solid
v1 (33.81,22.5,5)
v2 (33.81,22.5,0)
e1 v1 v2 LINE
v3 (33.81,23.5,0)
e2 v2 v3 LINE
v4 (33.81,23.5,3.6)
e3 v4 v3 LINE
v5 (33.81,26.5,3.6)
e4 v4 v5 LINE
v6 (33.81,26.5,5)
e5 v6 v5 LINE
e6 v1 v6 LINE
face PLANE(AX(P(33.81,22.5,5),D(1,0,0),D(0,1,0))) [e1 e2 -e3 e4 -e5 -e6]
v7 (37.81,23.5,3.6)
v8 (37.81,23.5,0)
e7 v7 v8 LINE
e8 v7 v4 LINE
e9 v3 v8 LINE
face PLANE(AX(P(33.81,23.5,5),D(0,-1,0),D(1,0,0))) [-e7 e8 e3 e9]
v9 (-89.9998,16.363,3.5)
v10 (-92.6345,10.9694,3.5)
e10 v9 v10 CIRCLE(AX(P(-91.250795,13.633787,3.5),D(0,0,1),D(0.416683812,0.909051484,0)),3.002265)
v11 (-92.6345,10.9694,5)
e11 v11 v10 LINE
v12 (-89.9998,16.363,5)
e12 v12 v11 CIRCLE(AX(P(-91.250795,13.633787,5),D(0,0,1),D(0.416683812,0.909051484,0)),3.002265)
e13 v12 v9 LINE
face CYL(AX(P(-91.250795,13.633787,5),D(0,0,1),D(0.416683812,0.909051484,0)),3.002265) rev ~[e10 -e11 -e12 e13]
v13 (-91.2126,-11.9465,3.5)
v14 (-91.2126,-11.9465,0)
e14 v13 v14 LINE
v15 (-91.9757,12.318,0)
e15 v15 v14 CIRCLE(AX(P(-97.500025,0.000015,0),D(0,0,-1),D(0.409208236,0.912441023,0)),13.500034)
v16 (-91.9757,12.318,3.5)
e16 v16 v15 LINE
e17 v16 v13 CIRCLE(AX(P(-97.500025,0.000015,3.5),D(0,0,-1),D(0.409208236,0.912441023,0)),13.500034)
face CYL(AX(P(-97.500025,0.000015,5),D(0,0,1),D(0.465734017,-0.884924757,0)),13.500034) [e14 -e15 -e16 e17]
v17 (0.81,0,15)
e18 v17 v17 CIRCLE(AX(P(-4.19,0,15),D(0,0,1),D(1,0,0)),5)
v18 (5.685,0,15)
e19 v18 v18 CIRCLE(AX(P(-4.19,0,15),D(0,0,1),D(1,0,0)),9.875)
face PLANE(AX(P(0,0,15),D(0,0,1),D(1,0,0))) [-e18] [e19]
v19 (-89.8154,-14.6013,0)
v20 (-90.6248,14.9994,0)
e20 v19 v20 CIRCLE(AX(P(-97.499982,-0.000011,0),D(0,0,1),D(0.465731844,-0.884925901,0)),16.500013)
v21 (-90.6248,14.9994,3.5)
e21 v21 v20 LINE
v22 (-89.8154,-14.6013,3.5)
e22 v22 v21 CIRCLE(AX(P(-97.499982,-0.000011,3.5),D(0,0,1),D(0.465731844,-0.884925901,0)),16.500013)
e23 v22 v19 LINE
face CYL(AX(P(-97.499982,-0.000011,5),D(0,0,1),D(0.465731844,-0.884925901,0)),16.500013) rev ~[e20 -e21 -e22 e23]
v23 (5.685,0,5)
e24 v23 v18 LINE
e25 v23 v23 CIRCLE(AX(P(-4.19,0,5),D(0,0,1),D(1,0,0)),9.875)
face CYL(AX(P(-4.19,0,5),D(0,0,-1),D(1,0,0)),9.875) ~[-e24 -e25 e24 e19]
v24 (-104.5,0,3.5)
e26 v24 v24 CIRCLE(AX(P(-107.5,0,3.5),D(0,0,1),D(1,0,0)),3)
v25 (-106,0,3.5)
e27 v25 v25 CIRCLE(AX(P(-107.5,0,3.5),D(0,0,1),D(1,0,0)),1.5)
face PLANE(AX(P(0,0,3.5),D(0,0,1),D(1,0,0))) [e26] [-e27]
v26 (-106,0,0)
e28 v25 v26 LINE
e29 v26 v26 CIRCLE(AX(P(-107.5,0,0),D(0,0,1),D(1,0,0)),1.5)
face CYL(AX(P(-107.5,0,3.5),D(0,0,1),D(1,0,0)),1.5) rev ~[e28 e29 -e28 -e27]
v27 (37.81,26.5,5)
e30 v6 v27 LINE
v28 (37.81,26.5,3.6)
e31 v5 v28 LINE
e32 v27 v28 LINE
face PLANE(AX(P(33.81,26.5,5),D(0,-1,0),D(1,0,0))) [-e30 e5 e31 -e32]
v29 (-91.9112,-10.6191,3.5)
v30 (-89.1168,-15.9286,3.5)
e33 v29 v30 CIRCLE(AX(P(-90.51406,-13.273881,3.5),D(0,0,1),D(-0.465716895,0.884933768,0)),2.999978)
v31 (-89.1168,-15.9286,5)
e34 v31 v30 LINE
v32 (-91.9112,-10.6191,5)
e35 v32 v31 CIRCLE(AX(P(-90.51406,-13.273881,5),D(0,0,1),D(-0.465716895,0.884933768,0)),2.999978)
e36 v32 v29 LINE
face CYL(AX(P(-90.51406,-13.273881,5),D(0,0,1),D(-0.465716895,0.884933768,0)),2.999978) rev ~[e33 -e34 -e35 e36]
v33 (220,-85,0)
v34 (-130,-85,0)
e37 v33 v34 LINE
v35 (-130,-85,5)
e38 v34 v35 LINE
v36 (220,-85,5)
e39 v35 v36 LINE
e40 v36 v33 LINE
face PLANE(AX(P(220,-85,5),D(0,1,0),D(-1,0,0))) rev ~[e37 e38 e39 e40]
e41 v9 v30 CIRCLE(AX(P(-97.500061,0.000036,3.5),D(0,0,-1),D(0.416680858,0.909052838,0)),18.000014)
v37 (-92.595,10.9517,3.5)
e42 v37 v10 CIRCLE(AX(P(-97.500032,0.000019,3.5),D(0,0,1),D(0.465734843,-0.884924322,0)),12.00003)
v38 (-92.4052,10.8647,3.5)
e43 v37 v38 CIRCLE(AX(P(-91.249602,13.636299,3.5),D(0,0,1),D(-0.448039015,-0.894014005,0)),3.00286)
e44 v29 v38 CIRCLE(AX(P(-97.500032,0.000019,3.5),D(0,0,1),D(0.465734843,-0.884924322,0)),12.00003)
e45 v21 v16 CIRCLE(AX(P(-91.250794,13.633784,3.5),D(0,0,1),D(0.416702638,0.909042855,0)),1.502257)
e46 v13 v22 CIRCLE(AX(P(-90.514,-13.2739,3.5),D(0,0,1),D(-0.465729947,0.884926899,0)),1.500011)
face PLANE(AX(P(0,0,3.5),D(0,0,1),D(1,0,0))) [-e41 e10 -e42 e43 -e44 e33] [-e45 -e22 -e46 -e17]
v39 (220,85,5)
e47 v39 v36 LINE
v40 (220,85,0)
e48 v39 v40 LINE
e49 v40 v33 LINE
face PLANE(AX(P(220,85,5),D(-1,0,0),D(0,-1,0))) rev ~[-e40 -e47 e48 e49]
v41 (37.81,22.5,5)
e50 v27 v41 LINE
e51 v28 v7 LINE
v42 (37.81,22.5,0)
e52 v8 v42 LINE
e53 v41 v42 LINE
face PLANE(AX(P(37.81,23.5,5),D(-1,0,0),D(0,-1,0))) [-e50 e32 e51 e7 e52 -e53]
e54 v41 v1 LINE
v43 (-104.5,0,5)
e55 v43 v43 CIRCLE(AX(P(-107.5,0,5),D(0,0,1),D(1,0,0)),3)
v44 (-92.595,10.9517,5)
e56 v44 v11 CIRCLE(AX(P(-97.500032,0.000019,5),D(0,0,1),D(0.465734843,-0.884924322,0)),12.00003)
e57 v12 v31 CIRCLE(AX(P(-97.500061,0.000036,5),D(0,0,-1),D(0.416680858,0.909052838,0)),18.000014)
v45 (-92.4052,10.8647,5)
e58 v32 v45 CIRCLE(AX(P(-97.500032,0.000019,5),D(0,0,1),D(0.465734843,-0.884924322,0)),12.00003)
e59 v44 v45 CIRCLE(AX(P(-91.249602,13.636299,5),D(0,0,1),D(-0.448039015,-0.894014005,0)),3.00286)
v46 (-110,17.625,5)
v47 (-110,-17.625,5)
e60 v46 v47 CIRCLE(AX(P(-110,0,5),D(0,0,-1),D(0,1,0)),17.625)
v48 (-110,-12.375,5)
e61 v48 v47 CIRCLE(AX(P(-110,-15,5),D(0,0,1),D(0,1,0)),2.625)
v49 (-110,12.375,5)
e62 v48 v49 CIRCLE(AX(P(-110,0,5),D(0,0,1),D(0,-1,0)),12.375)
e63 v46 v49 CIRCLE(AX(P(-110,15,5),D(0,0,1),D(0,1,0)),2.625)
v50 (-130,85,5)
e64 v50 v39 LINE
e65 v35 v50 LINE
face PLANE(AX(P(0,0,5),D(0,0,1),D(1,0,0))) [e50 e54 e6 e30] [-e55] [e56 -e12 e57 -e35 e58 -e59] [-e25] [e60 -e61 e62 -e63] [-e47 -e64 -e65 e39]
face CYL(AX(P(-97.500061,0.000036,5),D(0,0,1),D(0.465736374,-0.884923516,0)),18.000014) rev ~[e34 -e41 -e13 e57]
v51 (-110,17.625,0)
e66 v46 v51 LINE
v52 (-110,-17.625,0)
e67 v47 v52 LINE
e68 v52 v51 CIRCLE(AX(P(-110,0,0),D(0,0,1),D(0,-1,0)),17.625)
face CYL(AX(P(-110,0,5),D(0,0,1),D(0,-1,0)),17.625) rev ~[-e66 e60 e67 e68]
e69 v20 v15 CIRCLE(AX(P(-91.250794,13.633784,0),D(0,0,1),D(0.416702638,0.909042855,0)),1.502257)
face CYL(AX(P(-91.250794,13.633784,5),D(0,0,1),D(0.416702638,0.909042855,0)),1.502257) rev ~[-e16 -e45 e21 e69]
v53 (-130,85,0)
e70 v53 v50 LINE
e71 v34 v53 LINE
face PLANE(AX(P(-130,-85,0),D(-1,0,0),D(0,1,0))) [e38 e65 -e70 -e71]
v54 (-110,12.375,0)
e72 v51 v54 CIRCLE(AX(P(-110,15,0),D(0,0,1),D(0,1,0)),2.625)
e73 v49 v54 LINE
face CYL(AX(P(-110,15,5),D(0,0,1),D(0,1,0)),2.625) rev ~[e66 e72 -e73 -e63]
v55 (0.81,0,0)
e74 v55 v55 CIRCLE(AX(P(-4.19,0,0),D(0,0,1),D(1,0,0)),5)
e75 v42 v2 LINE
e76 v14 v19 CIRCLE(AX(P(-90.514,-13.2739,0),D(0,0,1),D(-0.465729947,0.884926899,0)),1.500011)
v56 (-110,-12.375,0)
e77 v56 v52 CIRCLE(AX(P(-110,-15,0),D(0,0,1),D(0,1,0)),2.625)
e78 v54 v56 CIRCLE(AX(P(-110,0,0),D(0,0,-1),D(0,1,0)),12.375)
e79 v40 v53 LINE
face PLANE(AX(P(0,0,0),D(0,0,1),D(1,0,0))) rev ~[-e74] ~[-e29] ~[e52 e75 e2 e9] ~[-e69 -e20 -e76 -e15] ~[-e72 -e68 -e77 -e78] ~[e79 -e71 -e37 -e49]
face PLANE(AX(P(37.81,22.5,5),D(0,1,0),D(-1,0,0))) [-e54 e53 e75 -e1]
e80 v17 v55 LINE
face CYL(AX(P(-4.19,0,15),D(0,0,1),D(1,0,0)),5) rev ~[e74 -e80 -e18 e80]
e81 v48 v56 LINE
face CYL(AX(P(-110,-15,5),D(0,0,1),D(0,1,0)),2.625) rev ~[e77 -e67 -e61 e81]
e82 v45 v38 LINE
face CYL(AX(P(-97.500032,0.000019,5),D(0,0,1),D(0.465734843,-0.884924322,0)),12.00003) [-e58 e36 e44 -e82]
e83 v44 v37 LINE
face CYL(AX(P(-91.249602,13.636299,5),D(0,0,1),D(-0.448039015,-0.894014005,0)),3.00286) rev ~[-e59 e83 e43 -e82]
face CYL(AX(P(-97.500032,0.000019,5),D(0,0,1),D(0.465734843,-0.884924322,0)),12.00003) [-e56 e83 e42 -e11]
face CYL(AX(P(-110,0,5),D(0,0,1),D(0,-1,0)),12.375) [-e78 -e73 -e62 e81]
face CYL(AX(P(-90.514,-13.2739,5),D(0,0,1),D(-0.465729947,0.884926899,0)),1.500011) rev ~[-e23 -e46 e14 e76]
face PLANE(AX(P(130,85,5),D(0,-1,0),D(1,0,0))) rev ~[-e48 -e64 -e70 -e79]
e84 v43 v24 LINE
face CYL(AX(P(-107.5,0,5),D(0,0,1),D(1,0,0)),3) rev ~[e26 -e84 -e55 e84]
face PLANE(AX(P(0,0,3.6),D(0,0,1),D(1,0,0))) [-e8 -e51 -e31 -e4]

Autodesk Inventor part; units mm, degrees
ref_plane "YZ Plane" through (0, 0, 0) normal (1, 0, 0) x (0, 1, 0)
ref_plane "XZ Plane" through (0, 0, 0) normal (0, 1, 0) x (-1, 0, 0)
sketch "Boceto2" plane through (0, 0, 0) normal (0, 0, 1) x (1, 0, 0)
  line L0 (130, -85) -> (-130, -85)
  line L1 (-130, -85) -> (-130, 85)
  line L2 (-130, 85) -> (130, 85)
  line L3 (130, 85) -> (130, -85)
  line L4 (130, -85) -> (-130, 85) construction
  line L5 (-130, -85) -> (130, 85) construction
  point P0 (0, 0)
  dimension "d0" = 260
  dimension "d1" = 170
extrude "Extrusión1" add sketch "Boceto2" along normal blind 5
sketch "Boceto3" plane through (0, 0, 5) normal (0, 0, 1) x (1, 0, 0)
  line L0 (-95, 0) -> (-4.19, 0) construction
  circle A0 centre (-95, 0) radius 2.625
  circle A1 centre (-4.19, 0) radius 9.875
  line L1 (-130, 85) -> (-130, -85) projected
  line L2 (130, -85) -> (130, 85) projected
  line L3 (-130, -85) -> (130, -85) projected
  line L4 (130, 0) -> (80, 0) construction
  line L5 (80, 0) -> (80, -23.2237) construction
  arc A2 (-110, -17.625) -> (-110, 17.625) centre (-110, 0) ccw
  arc A3 (-110, -12.375) -> (-110, 12.375) centre (-110, 0) ccw
  arc A4 (-110, 17.625) -> (-110, 12.375) centre (-110, 15) ccw
  arc A5 (-110, -12.375) -> (-110, -17.625) centre (-110, -15) ccw
  point P0 (0, 0)
  point P1 (-130, 0)
  point P2 (-92.375, 0)
  point P3 (-97.625, 0)
  dimension "d7" = 5.25
  dimension "d8" = 19.75
  dimension "d14" = 85
  dimension "d29" = 50
  dimension "d31" = 35
  dimension "d32" = 134.19
sketch "Boceto5" plane through (0, 0, 0) normal (0, 0, -1) x (-1, 0, 0)
  line L0 (-130, -85) -> (-130, 85) projected
  line L1 (130, -85) -> (-130, -85)
  line L2 (-130, -85) -> (-130, 85)
  line L3 (-130, 85) -> (130, 85)
  line L4 (130, 85) -> (130, -85)
  line L5 (130, -85) -> (-130, 85) construction
  line L6 (-130, -85) -> (130, 85) construction
  line L7 (119.5, 74.5) -> (-119.5, 74.5)
  line L8 (-119.5, 74.5) -> (-119.5, -74.5)
  line L9 (-119.5, -74.5) -> (119.5, -74.5)
  line L10 (119.5, -74.5) -> (119.5, 74.5)
  circle A0 centre (95, 0) radius 2.625 projected
  circle A1 centre (95, 0) radius 2.625
  point P0 (0, 0)
  dimension "d23" = 10.5
  dimension "d25" = 5.25
extrude "Extrusión4" [suppressed]
sketch "Boceto6" plane through (0, 0, 5) normal (0, 0, 1) x (1, 0, 0)
  circle A0 centre (-4.19, 0) radius 10.125 projected
  line L0 (-4.19, 0) -> (35.81, 0)
  line L1 (35.81, 0) -> (35.81, 25)
  line L2 (37.81, 23.5) -> (33.81, 23.5)
  line L3 (33.81, 23.5) -> (33.81, 26.5)
  line L4 (33.81, 26.5) -> (37.81, 26.5)
  line L5 (37.81, 26.5) -> (37.81, 23.5)
  line L6 (37.81, 23.5) -> (33.81, 26.5) construction
  line L7 (33.81, 23.5) -> (37.81, 26.5) construction
  point P0 (0, 0)
  dimension "d35" = 40
  dimension "d36" = 25
  dimension "d38" = 4
  dimension "d39" = 3
extrude "Extrusión5" cut sketch "Boceto6" against normal blind 1.4 contours L2 L3 L4 L5
sketch "Boceto8" plane through (0, 0, 5) normal (0, 0, 1) x (1, 0, 0)
  line L0 (33.81, 23.5) -> (33.81, 26.5) projected
  line L1 (33.81, 23.5) -> (37.81, 23.5)
  line L2 (37.81, 23.5) -> (37.81, 22.5)
  line L3 (37.81, 22.5) -> (33.81, 22.5)
  line L4 (33.81, 22.5) -> (33.81, 23.5)
  point P0 (0, 0)
  dimension "d42" = 4
  dimension "d43" = 1
extrude "Extrusión6" cut sketch "Boceto8" against normal through all
sketch "Boceto10" plane through (0, 0, -4) normal (0, 0, -1) x (-1, 0, 0)
  circle A0 centre (95, 0) radius 2.625 projected
  circle A1 centre (95, 0) radius 7.5
  point P0 (0, 0)
  dimension "d51" = 15
ref_plane "Plano de trabajo1" through (-95, 0, 0) normal (0, 0, -1) x (-1, 0, 0)
sketch "Boceto12" plane through (0, 0, 5) normal (0, 0, 1) x (1, 0, 0)
  circle A0 centre (-95, 0) radius 2.625 construction
  circle A1 centre (-95, 0) radius 18.5 construction
  circle A2 centre (-95, 0) radius 20 construction
  circle A3 centre (-95, 0) radius 7.5 construction
  line L0 (-95, 0) -> (-82.5, 0) construction
  circle A4 centre (-82.5, 0) radius 3
  line L1 (-95, 0) -> (-107.5, 0) construction
  circle A5 centre (-107.5, 0) radius 3
  circle A6 centre (-107.5, 0) radius 1.5 construction
  circle A7 centre (-82.5, 0) radius 1.5 construction
  line L2 (-82.5, 0) -> (-97.5, 0) construction
  line L3 (-97.5, 0) -> (-97.5, 18.5) construction
  arc A8 (-89.1168, -15.9286) -> (-89.9998, 16.363) centre (-97.5, 0) ccw
  arc A9 (-91.9112, -10.6191) -> (-92.6345, 10.9694) centre (-97.5, 0) ccw
  arc A10 (-91.9112, -10.6191) -> (-89.1168, -15.9286) centre (-90.514, -13.2739) ccw
  arc A11 (-89.9998, 16.363) -> (-92.6345, 10.9694) centre (-91.2508, 13.6338) ccw
  arc A12 (-91.9112, -10.6191) -> (-89.1168, -15.9286) centre (-90.514, -13.2739) ccw
  arc A13 (-92.595, 10.9517) -> (-92.4052, 10.8647) centre (-91.2508, 13.6338) ccw
  arc A14 (-91.9112, -10.6191) -> (-89.1168, -15.9286) centre (-90.514, -13.2739) ccw
  arc A15 (-89.8154, -14.6013) -> (-90.6248, 14.9994) centre (-97.5, 0) ccw
  arc A16 (-90.6248, 14.9994) -> (-91.9757, 12.318) centre (-91.2508, 13.6338) ccw
  arc A17 (-91.2126, -11.9465) -> (-91.9757, 12.318) centre (-97.5, 0) ccw
  arc A18 (-91.2126, -11.9465) -> (-89.8154, -14.6013) centre (-90.514, -13.2739) ccw
  circle A19 centre (-82.5, 0) radius 1.5
  line L4 (-130, 85) -> (-130, -85) projected
  line L5 (-130, -85) -> (130, -85) projected
  point P0 (0, 0)
  point P1 (-89.8154, -14.6013)
  point P2 (-91.2126, -11.9465)
  point P3 (-84.225, -2.4545)
  point P4 (-85.5, 0)
  point P5 (-79.5, 0)
  point P6 (-81.225, -2.7156)
  point P7 (-84.225, 2.4545)
  point P8 (-81.225, 2.7156)
  point P9 (-84, 0)
  point P10 (-81, 0)
  dimension "d57" = 37
  dimension "d58" = 40
  dimension "d59" = 15
  dimension "d60" = 12.5
  dimension "d61" = 6
  dimension "d62" = 12.5
  dimension "d63" = 6
  dimension "d64" = 3
  dimension "d65" = 3
  dimension "d126" = 15
  dimension "d127" = 6
  dimension "d128" = 6
  dimension "d129" = 1.5
  dimension "d130" = 1.5
  dimension "d135" = 3
  dimension "d137" = 38.7492
  dimension "d138" = 98.6338
extrude "Extrusión10" cut sketch "Boceto12" against normal blind 1.5 contours A4 A15 | A15 A19 A17 A4 | A4 A17 A19 A15 | A17 A4 | A19 | A5
sketch "Boceto13" plane through (-82.5, 0, 3.5) normal (0, 0, 1) x (1, 0, 0)
  circle A0 centre (0, 0) radius 1.5
  circle A1 centre (-25, 0) radius 3 projected
  circle A2 centre (-25, 0) radius 1.5
  point P0 (82.5, 0)
  dimension "d68" = 3
  dimension "d69" = 3
extrude "Extrusión11" cut sketch "Boceto13" against normal through all contours A0 | A2
extrude "Extrusión12" [suppressed]
extrude "Extrusión13" add sketch "Boceto3" along normal blind 10 contours A1
sketch "Boceto15" plane through (-4.19, 0, 15) normal (0, 0, 1) x (1, 0, 0)
  circle A0 centre (0, 0) radius 5
  circle A1 centre (0, 0) radius 74 construction
  circle A2 centre (-90.81, 0) radius 2.625 construction
  circle A3 centre (-90.81, 0) radius 20 construction
  point P0 (4.19, 0)
  dimension "d77" = 10
  dimension "d80" = 148
  dimension "d82" = 40
extrude "Extrusión14" cut sketch "Boceto15" against normal through all
sketch "Boceto16" plane through (0, 0, -4) normal (0, 0, -1) x (-1, 0, 0)
  line L0 (119.5, 74.5) -> (-119.5, 74.5) projected
  line L1 (-119.5, 74.5) -> (119.5, 74.5)
  line L2 (119.5, 74.5) -> (119.5, -74.5)
  line L3 (119.5, -74.5) -> (-119.5, -74.5)
  line L4 (-119.5, -74.5) -> (-119.5, 74.5)
  line L5 (-114.5, 69.5) -> (114.5, 69.5)
  line L6 (114.5, 69.5) -> (114.5, -69.5)
  line L7 (114.5, -69.5) -> (-114.5, -69.5)
  line L8 (-114.5, -69.5) -> (-114.5, 69.5)
  point P0 (0, 0)
  dimension "d83" = 5
extrude "Extrusión15" [suppressed]
sketch "Boceto17" plane through (0, 0, 5) normal (0, 0, 1) x (1, 0, 0)
  circle A0 centre (-95, 0) radius 2.625 construction
  circle A1 centre (-4.19, 0) radius 5 construction
  circle A2 centre (-4.19, 0) radius 40
  circle A3 centre (-4.19, 0) radius 15
  point P0 (0, 0)
  dimension "d87" = 80
  dimension "d88" = 30
sketch "Boceto20" plane through (0, 0, 5) normal (0, 0, 1) x (1, 0, 0)
  line L0 (130, 85) -> (-130, 85) projected
  line L1 (130, -85) -> (130, 85)
  line L2 (130, 85) -> (220, 85)
  line L3 (220, 85) -> (220, -85)
  line L4 (220, -85) -> (130, -85)
  line L5 (130, -85) -> (130, 85)
  point P0 (0, 0)
  dimension "d115" = 90
extrude "Extrusión22" add sketch "Boceto20" against normal blind 5
extrude "Extrusión23" cut sketch "Boceto3" against normal through all contours A0
extrude "Extrusión24" cut sketch "Boceto3" against normal blind 5 contours A2 A5 A3 A0 | A0 A3 A4 A2
extrude "Extrusión25" cut sketch "Boceto12" against normal blind 1.5 contours A8 A10 A9 A4 A17 A18 A15 | A4 A15 A16 A17 A9 A11 A8
extrude "Extrusión26" cut sketch "Boceto12" against normal through all contours A15 A19 A17 A4 | A4 A17 A16 A15 | A15 A18 A17 A4 | A4 A17 A19 A15
properties part number "Lid"
